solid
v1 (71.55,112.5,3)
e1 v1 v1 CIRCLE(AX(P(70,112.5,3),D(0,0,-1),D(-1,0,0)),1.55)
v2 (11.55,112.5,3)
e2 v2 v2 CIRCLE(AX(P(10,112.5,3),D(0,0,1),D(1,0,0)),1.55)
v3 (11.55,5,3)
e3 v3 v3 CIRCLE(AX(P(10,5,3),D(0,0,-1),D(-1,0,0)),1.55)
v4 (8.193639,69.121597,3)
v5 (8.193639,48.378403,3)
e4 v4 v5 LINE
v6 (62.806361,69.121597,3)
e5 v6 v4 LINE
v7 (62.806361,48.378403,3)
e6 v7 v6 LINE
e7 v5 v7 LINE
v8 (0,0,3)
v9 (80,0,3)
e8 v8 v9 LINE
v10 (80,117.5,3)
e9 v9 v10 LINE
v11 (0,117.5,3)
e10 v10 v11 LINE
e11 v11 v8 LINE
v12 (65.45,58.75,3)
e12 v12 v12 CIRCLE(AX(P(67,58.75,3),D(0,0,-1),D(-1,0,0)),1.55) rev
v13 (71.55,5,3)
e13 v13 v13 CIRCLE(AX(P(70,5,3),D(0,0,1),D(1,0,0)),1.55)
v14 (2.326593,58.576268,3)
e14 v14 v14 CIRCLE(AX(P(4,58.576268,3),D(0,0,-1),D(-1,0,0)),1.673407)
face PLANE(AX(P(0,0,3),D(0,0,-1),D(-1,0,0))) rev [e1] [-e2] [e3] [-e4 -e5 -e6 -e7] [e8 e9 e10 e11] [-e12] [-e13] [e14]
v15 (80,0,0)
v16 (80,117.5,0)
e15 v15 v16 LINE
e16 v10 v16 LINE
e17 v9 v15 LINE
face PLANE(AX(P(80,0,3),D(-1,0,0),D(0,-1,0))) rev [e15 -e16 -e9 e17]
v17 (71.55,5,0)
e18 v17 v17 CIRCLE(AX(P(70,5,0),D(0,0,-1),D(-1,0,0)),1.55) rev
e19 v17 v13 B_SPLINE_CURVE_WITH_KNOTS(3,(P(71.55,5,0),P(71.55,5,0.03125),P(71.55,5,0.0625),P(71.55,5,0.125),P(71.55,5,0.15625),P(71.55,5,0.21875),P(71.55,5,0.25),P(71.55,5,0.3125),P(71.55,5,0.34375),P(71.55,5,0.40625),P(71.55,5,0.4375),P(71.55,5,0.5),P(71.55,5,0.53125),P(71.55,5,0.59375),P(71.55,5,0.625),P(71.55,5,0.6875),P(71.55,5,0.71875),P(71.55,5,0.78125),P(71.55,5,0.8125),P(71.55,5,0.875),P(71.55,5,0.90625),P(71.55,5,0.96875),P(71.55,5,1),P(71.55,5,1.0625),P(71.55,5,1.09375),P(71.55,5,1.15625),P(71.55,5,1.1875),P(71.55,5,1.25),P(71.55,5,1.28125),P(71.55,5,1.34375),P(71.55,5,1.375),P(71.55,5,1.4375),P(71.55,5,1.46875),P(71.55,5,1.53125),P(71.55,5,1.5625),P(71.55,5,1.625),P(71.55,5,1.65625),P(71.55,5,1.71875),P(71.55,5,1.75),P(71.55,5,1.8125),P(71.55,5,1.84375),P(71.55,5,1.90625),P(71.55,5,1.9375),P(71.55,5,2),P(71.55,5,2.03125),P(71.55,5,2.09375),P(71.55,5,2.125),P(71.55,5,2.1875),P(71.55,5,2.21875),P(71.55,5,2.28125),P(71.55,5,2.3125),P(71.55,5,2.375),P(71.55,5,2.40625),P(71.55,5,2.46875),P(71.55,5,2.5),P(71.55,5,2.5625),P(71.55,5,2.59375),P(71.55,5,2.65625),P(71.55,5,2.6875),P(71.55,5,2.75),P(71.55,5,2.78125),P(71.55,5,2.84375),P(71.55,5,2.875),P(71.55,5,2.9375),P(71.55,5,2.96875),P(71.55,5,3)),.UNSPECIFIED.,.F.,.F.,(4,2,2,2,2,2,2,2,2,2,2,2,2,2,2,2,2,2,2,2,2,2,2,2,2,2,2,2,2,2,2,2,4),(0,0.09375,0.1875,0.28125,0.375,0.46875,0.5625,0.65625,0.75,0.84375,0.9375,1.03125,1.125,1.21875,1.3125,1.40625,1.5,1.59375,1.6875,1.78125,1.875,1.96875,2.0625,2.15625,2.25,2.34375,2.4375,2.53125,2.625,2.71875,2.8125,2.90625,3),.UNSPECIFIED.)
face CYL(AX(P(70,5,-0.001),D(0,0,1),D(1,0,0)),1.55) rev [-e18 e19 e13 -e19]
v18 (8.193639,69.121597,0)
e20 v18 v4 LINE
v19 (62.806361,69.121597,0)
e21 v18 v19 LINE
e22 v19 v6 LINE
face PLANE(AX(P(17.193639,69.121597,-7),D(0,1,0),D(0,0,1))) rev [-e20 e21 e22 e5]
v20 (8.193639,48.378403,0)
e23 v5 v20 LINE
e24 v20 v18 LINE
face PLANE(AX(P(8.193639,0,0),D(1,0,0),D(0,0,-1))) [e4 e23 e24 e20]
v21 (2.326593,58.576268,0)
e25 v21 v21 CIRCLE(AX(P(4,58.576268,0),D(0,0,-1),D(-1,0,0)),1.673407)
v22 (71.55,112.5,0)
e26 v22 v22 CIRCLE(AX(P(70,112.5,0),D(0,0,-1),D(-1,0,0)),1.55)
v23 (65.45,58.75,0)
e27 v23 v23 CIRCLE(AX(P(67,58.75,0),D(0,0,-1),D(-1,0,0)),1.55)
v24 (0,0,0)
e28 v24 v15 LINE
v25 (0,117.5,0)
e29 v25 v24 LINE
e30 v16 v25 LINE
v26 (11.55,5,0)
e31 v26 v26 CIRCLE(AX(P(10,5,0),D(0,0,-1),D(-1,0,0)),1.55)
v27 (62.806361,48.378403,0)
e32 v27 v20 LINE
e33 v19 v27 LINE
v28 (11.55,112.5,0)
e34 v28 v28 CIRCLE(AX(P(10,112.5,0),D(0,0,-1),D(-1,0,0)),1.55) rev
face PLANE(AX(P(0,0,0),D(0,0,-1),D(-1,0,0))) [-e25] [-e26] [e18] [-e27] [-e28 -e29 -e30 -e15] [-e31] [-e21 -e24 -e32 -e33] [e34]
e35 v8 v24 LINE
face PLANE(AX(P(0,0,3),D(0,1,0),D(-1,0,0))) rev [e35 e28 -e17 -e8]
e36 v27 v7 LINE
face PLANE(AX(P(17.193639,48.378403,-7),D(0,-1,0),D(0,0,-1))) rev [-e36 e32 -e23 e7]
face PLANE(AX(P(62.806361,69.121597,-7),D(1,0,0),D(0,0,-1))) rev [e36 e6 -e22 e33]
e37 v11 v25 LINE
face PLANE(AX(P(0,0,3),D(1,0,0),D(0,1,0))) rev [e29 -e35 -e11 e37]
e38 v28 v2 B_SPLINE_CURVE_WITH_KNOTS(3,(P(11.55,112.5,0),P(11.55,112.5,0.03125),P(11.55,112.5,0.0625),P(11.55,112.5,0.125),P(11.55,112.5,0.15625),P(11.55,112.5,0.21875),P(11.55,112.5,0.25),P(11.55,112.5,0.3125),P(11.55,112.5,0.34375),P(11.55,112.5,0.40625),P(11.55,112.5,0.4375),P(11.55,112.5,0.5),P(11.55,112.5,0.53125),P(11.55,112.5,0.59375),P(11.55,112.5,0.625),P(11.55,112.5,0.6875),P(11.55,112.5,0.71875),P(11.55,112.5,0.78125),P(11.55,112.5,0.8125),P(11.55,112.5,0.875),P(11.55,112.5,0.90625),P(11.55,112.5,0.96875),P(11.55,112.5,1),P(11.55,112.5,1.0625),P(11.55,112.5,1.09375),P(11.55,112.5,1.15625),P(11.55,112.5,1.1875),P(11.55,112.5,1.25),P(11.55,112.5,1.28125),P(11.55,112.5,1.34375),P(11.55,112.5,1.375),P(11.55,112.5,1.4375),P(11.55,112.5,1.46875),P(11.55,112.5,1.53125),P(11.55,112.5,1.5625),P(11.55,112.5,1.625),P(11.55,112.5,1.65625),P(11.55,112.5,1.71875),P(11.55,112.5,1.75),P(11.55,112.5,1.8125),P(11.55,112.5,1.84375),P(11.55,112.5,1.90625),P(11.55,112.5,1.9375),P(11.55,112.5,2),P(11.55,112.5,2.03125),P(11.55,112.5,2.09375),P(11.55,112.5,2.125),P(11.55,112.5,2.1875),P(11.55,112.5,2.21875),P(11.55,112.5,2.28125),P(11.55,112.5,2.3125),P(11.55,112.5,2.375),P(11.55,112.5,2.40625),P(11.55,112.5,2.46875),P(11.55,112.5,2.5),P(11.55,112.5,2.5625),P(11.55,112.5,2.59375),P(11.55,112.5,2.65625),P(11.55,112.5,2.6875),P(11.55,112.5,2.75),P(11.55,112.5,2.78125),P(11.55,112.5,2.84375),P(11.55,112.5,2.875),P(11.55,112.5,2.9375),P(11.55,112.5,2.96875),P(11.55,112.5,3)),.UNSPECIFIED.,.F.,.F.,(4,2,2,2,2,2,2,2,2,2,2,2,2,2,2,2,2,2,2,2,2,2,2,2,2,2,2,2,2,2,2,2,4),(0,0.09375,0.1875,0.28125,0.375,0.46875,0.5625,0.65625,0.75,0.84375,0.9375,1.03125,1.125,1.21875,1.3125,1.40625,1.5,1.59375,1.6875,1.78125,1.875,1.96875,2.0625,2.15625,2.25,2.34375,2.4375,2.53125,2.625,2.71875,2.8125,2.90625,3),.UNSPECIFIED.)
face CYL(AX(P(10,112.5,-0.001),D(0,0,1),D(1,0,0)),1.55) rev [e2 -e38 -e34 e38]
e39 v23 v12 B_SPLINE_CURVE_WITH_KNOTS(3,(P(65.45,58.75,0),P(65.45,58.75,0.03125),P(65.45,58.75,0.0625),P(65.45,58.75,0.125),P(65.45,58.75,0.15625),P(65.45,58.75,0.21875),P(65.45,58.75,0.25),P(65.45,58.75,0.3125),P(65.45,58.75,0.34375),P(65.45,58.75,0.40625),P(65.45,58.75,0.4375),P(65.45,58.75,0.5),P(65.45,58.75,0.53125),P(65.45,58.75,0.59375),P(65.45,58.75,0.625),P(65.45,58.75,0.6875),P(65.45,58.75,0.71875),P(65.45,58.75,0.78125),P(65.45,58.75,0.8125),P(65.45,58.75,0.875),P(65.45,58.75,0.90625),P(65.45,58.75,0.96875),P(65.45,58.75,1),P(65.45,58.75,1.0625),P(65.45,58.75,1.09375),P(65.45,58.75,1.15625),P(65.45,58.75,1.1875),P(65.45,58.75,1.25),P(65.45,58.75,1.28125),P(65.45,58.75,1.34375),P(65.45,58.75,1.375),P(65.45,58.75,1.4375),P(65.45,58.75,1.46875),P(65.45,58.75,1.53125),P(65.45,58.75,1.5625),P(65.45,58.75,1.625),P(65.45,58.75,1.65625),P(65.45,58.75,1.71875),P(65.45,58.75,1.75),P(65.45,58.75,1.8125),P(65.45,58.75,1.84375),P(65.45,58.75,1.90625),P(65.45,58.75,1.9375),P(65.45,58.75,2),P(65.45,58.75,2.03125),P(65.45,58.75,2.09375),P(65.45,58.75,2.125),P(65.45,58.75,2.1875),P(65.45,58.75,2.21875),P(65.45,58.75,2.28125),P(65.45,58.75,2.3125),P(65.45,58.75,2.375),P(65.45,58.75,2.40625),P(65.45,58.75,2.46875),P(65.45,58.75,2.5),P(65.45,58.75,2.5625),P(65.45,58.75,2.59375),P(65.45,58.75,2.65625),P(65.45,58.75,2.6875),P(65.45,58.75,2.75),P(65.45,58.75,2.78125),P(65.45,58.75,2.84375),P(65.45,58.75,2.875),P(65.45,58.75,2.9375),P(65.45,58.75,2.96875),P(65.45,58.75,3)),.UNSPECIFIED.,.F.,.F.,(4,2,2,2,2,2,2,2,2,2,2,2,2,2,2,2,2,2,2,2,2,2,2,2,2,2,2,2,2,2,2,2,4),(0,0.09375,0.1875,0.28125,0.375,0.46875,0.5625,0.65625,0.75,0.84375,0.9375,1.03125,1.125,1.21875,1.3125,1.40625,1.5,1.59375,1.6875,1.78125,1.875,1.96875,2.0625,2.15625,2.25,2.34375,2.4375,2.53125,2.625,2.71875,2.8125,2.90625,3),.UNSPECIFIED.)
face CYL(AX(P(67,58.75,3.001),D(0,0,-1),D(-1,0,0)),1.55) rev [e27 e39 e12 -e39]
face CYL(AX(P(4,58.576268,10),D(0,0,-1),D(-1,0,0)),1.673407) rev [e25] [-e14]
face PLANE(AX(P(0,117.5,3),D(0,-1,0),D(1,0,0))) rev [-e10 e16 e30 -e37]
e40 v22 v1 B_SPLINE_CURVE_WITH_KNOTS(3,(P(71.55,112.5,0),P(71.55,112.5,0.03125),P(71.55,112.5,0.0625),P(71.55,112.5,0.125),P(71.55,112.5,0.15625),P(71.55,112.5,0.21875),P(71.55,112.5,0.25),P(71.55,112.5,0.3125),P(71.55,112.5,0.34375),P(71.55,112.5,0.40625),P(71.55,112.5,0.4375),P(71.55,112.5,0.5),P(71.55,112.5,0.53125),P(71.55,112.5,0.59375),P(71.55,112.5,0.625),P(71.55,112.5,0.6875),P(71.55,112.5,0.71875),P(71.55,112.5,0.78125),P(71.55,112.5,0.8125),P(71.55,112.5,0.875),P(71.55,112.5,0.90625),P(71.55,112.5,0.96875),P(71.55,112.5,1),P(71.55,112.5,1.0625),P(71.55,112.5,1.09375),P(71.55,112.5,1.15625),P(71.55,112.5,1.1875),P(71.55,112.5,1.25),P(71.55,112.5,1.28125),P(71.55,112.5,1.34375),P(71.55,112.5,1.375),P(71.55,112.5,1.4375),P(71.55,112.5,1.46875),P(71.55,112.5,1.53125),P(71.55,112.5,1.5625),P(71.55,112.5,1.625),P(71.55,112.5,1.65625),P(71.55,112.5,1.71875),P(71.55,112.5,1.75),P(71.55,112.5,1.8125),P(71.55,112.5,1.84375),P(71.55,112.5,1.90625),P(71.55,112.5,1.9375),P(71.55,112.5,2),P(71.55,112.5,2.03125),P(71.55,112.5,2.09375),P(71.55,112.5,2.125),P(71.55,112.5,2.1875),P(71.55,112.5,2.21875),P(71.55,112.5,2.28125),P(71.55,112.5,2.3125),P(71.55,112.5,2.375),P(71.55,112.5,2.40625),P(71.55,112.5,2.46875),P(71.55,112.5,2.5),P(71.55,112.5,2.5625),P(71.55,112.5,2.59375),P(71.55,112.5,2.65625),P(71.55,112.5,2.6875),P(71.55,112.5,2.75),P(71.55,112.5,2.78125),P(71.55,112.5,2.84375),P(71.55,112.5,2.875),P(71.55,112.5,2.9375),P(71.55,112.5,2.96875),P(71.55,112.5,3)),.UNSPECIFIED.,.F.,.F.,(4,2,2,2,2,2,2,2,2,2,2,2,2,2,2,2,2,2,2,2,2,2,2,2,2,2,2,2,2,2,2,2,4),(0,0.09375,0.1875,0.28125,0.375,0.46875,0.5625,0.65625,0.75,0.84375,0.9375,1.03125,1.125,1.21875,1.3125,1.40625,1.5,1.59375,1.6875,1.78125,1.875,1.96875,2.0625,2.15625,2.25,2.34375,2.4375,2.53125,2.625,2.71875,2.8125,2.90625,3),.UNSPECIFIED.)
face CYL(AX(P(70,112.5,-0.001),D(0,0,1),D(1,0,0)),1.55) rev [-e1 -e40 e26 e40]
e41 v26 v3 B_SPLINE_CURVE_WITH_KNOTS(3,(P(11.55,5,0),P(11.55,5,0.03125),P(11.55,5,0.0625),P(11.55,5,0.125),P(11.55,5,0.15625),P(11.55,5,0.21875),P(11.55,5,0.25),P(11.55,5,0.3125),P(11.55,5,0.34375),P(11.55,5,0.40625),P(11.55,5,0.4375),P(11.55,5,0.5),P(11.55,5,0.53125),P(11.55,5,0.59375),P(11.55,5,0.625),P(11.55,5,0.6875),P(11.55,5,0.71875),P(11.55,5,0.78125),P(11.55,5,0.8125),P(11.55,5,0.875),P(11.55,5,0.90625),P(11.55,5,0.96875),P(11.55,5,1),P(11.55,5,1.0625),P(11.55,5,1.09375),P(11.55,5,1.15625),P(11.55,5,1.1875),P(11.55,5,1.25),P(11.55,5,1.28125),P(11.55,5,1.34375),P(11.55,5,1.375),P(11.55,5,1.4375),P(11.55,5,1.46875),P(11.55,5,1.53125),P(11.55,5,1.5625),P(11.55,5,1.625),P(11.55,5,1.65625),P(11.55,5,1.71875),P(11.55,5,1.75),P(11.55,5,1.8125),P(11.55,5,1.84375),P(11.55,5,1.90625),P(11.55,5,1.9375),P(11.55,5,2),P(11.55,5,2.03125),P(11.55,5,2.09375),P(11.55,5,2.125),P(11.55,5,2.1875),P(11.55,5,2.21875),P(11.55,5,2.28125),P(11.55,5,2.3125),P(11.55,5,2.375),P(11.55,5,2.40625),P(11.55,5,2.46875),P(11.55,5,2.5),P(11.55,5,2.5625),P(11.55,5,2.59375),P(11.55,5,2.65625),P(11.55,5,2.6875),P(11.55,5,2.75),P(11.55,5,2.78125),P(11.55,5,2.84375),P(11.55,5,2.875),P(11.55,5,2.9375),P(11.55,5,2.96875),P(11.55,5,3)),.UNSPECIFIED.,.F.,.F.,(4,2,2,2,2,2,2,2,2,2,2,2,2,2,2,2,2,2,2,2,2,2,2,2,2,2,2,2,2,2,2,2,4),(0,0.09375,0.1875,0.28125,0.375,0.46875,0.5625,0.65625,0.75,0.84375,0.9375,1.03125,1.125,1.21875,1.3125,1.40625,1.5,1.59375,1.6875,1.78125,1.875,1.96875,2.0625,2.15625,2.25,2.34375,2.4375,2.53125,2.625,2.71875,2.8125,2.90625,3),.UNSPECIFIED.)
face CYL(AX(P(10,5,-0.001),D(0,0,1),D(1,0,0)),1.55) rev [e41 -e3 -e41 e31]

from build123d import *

# Parameters (mm, degrees)
SKETCH_1_W          = 80
SKETCH_1_H          = 117.5
SKETCH_1_W_2        = 35
SKETCH_1_H_2        = 15
EXTRUDE_1_DEPTH     = 3
CUT_EXTRUDE_2_REACH = 144.18
SKETCH_3_R          = 1.55
CUT_EXTRUDE_3_REACH = 144.18
SKETCH_4_R          = 1.55
SKETCH_5_R          = 1.67340685
CUT_EXTRUDE_4_DEPTH = 10
SKETCH_6_W          = 45.612722832
SKETCH_6_H          = 20.743194246
CUT_EXTRUDE_5_DEPTH = 10
SKETCH_7_W          = 3
SKETCH_7_H          = 20.743194246
CUT_EXTRUDE_6_DEPTH = 9


with BuildPart() as part:
    # 草图1 → 凸台-拉伸1 (new body)
    with BuildSketch(Plane.XY):
        with Locations((40, 58.75)):
            Rectangle(SKETCH_1_W, SKETCH_1_H)
        with Locations((40, 58.75)):
            Rectangle(SKETCH_1_W_2, SKETCH_1_H_2, mode=Mode.SUBTRACT)
    extrude(amount=EXTRUDE_1_DEPTH)

    # 草图3 → 切除-拉伸2 (cut, up to next)
    with BuildSketch(Plane.XY.offset(3), mode=Mode.PRIVATE) as cut_extrude_2_sk1:
        with Locations((10, 112.5)):
            Circle(SKETCH_3_R)
    cut_extrude_2_tool1 = extrude(cut_extrude_2_sk1.sketch, amount=-CUT_EXTRUDE_2_REACH, mode=Mode.PRIVATE) & part.part
    # 草图3 → 切除-拉伸2 (cut, up to next)
    with BuildSketch(Plane.XY.offset(3), mode=Mode.PRIVATE) as cut_extrude_2_sk2:
        with Locations((70, 112.5)):
            Circle(SKETCH_3_R)
    cut_extrude_2_tool2 = extrude(cut_extrude_2_sk2.sketch, amount=-CUT_EXTRUDE_2_REACH, mode=Mode.PRIVATE) & part.part
    # 草图3 → 切除-拉伸2 (cut, up to next)
    with BuildSketch(Plane.XY.offset(3), mode=Mode.PRIVATE) as cut_extrude_2_sk3:
        with Locations((70, 5)):
            Circle(SKETCH_3_R)
    cut_extrude_2_tool3 = extrude(cut_extrude_2_sk3.sketch, amount=-CUT_EXTRUDE_2_REACH, mode=Mode.PRIVATE) & part.part
    # 草图3 → 切除-拉伸2 (cut, up to next)
    with BuildSketch(Plane.XY.offset(3), mode=Mode.PRIVATE) as cut_extrude_2_sk4:
        with Locations((10, 5)):
            Circle(SKETCH_3_R)
    cut_extrude_2_tool4 = extrude(cut_extrude_2_sk4.sketch, amount=-CUT_EXTRUDE_2_REACH, mode=Mode.PRIVATE) & part.part
    add(cut_extrude_2_tool1.solids().sort_by_distance((10, 112.5, 3))[0], mode=Mode.SUBTRACT)
    add(cut_extrude_2_tool2.solids().sort_by_distance((70, 112.5, 3))[0], mode=Mode.SUBTRACT)
    add(cut_extrude_2_tool3.solids().sort_by_distance((70, 5, 3))[0], mode=Mode.SUBTRACT)
    add(cut_extrude_2_tool4.solids().sort_by_distance((10, 5, 3))[0], mode=Mode.SUBTRACT)

    # 草图4 → 切除-拉伸3 (cut, up to next)
    with BuildSketch(Plane(origin=(0, 0, 0), x_dir=(-1, 0, 0), z_dir=(0, 0, -1)), mode=Mode.PRIVATE) as cut_extrude_3_sk1:
        with Locations((-67, 58.75)):
            Circle(SKETCH_4_R)
    cut_extrude_3_tool1 = extrude(cut_extrude_3_sk1.sketch, amount=-CUT_EXTRUDE_3_REACH, mode=Mode.PRIVATE) & part.part
    # 草图4 → 切除-拉伸3 (cut, up to next)
    with BuildSketch(Plane(origin=(0, 0, 0), x_dir=(-1, 0, 0), z_dir=(0, 0, -1)), mode=Mode.PRIVATE) as cut_extrude_3_sk2:
        with Locations((-13, 58.75)):
            Circle(SKETCH_4_R)
    cut_extrude_3_tool2 = extrude(cut_extrude_3_sk2.sketch, amount=-CUT_EXTRUDE_3_REACH, mode=Mode.PRIVATE) & part.part
    add(cut_extrude_3_tool1.solids().sort_by_distance((67, 58.75, 0))[0], mode=Mode.SUBTRACT)
    add(cut_extrude_3_tool2.solids().sort_by_distance((13, 58.75, 0))[0], mode=Mode.SUBTRACT)

    # 草图5 → 切除-拉伸4 (cut)
    with BuildSketch(Plane(origin=(0, 0, 0), x_dir=(-1, 0, 0), z_dir=(0, 0, -1))):
        with Locations((-4, 58.576267849)):
            Circle(SKETCH_5_R)
    extrude(amount=-CUT_EXTRUDE_4_DEPTH, mode=Mode.SUBTRACT)

    # 草图6 → 切除-拉伸5 (cut)
    with BuildSketch(Plane.XY.offset(3)):
        with Locations((40, 58.75)):
            Rectangle(SKETCH_6_W, SKETCH_6_H)
    extrude(amount=-CUT_EXTRUDE_5_DEPTH, mode=Mode.SUBTRACT)

    # 草图7 → 切除-拉伸6 (cut)
    with BuildSketch(Plane(origin=(17.193638584, 0, 0), x_dir=(0, 0, -1), z_dir=(1, 0, 0))):
        with Locations((-1.5, 58.75)):
            Rectangle(SKETCH_7_W, SKETCH_7_H)
    extrude(amount=-CUT_EXTRUDE_6_DEPTH, mode=Mode.SUBTRACT)


solid = part.part
